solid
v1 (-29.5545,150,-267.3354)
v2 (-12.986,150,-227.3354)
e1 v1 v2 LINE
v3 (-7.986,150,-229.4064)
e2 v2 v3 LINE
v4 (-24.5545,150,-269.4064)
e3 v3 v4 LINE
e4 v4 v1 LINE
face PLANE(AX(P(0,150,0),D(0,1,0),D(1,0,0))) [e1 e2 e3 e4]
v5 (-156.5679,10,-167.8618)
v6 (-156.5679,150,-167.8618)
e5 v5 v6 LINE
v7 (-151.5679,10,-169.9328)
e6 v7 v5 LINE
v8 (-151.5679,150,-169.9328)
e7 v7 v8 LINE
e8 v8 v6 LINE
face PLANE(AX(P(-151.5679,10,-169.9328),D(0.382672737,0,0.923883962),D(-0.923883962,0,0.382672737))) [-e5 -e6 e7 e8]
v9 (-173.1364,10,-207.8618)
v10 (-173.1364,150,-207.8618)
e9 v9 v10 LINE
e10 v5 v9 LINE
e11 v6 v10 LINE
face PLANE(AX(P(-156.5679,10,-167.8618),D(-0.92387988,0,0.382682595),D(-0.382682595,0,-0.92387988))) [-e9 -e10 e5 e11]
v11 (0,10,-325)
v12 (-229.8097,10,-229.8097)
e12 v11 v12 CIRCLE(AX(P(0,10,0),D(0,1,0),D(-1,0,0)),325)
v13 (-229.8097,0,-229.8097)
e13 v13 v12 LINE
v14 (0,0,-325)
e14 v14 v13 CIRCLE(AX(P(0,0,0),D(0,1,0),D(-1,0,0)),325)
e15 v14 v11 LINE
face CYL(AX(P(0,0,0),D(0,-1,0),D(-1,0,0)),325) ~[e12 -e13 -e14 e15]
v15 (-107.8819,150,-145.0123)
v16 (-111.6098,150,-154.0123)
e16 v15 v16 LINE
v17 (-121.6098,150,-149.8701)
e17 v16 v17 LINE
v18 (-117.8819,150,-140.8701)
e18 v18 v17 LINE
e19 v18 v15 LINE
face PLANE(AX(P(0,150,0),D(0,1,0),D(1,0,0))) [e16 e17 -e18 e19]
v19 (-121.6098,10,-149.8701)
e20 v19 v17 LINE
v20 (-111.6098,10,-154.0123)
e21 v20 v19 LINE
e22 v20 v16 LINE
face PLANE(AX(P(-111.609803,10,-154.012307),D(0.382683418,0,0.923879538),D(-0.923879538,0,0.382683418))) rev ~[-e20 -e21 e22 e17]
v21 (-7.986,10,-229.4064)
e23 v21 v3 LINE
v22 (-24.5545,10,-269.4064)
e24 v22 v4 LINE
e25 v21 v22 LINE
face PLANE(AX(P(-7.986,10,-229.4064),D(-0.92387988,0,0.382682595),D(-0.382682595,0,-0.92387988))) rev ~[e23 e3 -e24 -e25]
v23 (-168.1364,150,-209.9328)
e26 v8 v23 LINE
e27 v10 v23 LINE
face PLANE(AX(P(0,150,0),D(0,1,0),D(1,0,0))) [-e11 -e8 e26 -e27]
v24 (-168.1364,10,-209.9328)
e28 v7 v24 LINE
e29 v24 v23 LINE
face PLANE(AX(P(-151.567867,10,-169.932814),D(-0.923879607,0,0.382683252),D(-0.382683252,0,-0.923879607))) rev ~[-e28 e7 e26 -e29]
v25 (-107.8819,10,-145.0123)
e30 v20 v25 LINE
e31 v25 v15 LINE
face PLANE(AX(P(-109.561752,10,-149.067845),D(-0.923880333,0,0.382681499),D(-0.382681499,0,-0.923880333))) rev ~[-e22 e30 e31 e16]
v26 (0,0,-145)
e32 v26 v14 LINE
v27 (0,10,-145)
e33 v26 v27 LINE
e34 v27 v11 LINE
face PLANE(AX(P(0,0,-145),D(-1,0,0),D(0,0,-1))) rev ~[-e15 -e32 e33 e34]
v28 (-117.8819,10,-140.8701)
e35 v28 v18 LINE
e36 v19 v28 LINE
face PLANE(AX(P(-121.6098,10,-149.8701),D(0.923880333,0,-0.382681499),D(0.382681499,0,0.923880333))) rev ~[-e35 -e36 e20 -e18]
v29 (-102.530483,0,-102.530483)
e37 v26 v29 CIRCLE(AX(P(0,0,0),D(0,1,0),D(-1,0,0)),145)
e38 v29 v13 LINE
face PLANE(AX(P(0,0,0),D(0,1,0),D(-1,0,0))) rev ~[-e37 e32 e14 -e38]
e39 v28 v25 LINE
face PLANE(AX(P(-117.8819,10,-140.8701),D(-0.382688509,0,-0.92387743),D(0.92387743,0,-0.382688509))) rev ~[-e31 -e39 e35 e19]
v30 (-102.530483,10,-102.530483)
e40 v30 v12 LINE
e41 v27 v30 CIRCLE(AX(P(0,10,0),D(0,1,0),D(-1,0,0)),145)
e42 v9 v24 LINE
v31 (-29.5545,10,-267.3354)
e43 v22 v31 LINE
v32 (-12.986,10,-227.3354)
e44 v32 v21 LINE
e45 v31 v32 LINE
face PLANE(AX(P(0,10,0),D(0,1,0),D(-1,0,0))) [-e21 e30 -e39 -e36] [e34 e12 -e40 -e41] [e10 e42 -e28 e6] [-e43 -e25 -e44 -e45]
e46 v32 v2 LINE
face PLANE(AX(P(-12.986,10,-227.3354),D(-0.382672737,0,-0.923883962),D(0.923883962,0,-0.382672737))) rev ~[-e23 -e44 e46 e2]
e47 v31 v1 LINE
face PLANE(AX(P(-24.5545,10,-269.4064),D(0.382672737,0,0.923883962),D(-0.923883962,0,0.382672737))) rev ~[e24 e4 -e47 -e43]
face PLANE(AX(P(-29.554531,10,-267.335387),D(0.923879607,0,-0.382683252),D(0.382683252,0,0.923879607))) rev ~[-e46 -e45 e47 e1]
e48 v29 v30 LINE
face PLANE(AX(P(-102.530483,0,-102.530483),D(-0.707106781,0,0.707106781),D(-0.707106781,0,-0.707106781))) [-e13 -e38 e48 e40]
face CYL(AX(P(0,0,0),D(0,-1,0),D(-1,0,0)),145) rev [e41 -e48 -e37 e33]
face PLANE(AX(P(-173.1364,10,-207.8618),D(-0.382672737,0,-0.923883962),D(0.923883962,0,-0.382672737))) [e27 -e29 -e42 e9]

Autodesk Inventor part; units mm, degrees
ref_plane "YZ Plane" through (0, 0, 0) normal (1, 0, 0) x (0, 1, 0)
ref_plane "XZ Plane" through (0, 0, 0) normal (0, 1, 0) x (-1, 0, 0)
ref_plane "XY Plane" through (0, 0, 0) normal (0, 0, 1) x (1, 0, 0)
sketch "Sketch1" plane through (0, 0, 0) normal (0, 1, 0) x (-1, 0, 0)
  circle A0 centre (0, 0) radius 145
  circle A1 centre (0, 0) radius 325
  line L0 (0, 0) -> (325, 0)
  line L1 (0, 0) -> (0, -325)
  line L2 (0, 0) -> (229.8097, -229.8097)
  line L3 (229.8097, -229.8097) -> (0, -145) construction
  line L4 (1.3869, -199.3328) -> (139.9689, -141.9303)
  line L5 (139.9689, -141.9303) -> (178.2372, -234.3183)
  line L6 (178.2372, -234.3183) -> (39.6553, -291.7208)
  line L7 (39.6553, -291.7208) -> (1.3869, -199.3328)
  line L8 (102.5305, -102.5305) -> (0, -325) construction
  circle A2 centre (0, 0) radius 306.4883 construction
  line L9 (178.2372, -234.3183) -> (1.3869, -199.3328) construction
  line L10 (139.9689, -141.9303) -> (39.6553, -291.7208) construction
  line L11 (89.8121, -216.8255) -> (108.9463, -263.0195) construction
  line L12 (0, 0) -> (124.3721, -300.2608) construction
  line L13 (199.3328, -1.3869) -> (291.7208, -39.6553)
  line L14 (141.9303, -139.9689) -> (199.3328, -1.3869)
  line L15 (234.3183, -178.2372) -> (141.9303, -139.9689)
  line L16 (291.7208, -39.6553) -> (234.3183, -178.2372)
  line L17 (141.9303, 139.9689) -> (234.3183, 178.2372)
  line L18 (199.3328, 1.3869) -> (141.9303, 139.9689)
  line L19 (291.7208, 39.6553) -> (199.3328, 1.3869)
  line L20 (234.3183, 178.2372) -> (291.7208, 39.6553)
  line L21 (1.3869, 199.3328) -> (39.6553, 291.7208)
  line L22 (139.9689, 141.9303) -> (1.3869, 199.3328)
  line L23 (178.2372, 234.3183) -> (139.9689, 141.9303)
  line L24 (39.6553, 291.7208) -> (178.2372, 234.3183)
  line L25 (-139.9689, 141.9303) -> (-178.2372, 234.3183)
  line L26 (-1.3869, 199.3328) -> (-139.9689, 141.9303)
  line L27 (-39.6553, 291.7208) -> (-1.3869, 199.3328)
  line L28 (-178.2372, 234.3183) -> (-39.6553, 291.7208)
  line L29 (-199.3328, 1.3869) -> (-291.7208, 39.6553)
  line L30 (-141.9303, 139.9689) -> (-199.3328, 1.3869)
  line L31 (-234.3183, 178.2372) -> (-141.9303, 139.9689)
  line L32 (-291.7208, 39.6553) -> (-234.3183, 178.2372)
  line L33 (-141.9303, -139.9689) -> (-234.3183, -178.2372)
  line L34 (-199.3328, -1.3869) -> (-141.9303, -139.9689)
  line L35 (-291.7208, -39.6553) -> (-199.3328, -1.3869)
  line L36 (-234.3183, -178.2372) -> (-291.7208, -39.6553)
  line L37 (-1.3869, -199.3328) -> (-39.6553, -291.7208)
  line L38 (-139.9689, -141.9303) -> (-1.3869, -199.3328)
  line L39 (-178.2372, -234.3183) -> (-139.9689, -141.9303)
  line L40 (-39.6553, -291.7208) -> (-178.2372, -234.3183)
  circle A3 centre (0, 0) radius 235 construction
  point P0 (263.0195, -108.9463)
  point P1 (263.0195, 108.9463)
  point P2 (108.9463, 263.0195)
  point P3 (-108.9463, 263.0195)
  point P4 (-263.0195, 108.9463)
  point P5 (-263.0195, -108.9463)
  point P6 (-108.9463, -263.0195)
  dimension "d1" = 180
  dimension "d3" = 45
  dimension "d4" = 650
  dimension "d11" = 150
  dimension "d12" = 100
  dimension "d13" = 22.5
  dimension "d16" = 360
  dimension "d18" = 90
extrude "Extrusion1" add sketch "Sketch1" along normal blind 10 contours A0 L2 A1 L1 | L4 L5 L6 L7
sketch "Sketch2" plane through (0, 10, 0) normal (0, 1, 0) x (1, 0, 0)
  circle A0 centre (0, 0) radius 325
  circle A1 centre (0, 0) radius 145
  line L0 (0, 0) -> (-325, 0)
  line L1 (0, 145) -> (0, 325) projected
  line L2 (0, 0) -> (0, 325)
  arc A2 (0, 325) -> (-229.8097, 229.8097) centre (0, 0) ccw projected
  line L3 (0, 0) -> (-229.8097, 229.8097)
  circle A3 centre (0, 0) radius 235 construction
  line L4 (0, 0) -> (-124.3721, 300.2608) construction
  line L5 (-1.5055, 199.619) -> (-140.0874, 142.2165)
  line L6 (-140.0874, 142.2165) -> (-178.3557, 234.6044)
  line L7 (-178.3557, 234.6044) -> (-39.7738, 292.0069)
  line L8 (-39.7738, 292.0069) -> (-1.5055, 199.619)
  line L9 (-1.5055, 199.619) -> (-178.3557, 234.6044) construction
  line L10 (-140.0874, 142.2165) -> (-39.7738, 292.0069) construction
  circle A4 centre (0, 0) radius 185
  line L11 (-199.619, 1.5055) -> (-292.0069, 39.7738)
  line L12 (-142.2165, 140.0874) -> (-199.619, 1.5055)
  line L13 (-234.6044, 178.3557) -> (-142.2165, 140.0874)
  line L14 (-292.0069, 39.7738) -> (-234.6044, 178.3557)
  line L15 (-199.619, 1.5055) -> (-234.6044, 178.3557) construction
  line L16 (-142.2165, 140.0874) -> (-292.0069, 39.7738) construction
  line L17 (-142.2165, -140.0874) -> (-234.6044, -178.3557)
  line L18 (-199.619, -1.5055) -> (-142.2165, -140.0874)
  line L19 (-292.0069, -39.7738) -> (-199.619, -1.5055)
  line L20 (-234.6044, -178.3557) -> (-292.0069, -39.7738)
  line L21 (-142.2165, -140.0874) -> (-292.0069, -39.7738) construction
  line L22 (-199.619, -1.5055) -> (-234.6044, -178.3557) construction
  line L23 (-1.5055, -199.619) -> (-39.7738, -292.0069)
  line L24 (-140.0874, -142.2165) -> (-1.5055, -199.619)
  line L25 (-178.3557, -234.6044) -> (-140.0874, -142.2165)
  line L26 (-39.7738, -292.0069) -> (-178.3557, -234.6044)
  line L27 (-1.5055, -199.619) -> (-178.3557, -234.6044) construction
  line L28 (-140.0874, -142.2165) -> (-39.7738, -292.0069) construction
  line L29 (140.0874, -142.2165) -> (178.3557, -234.6044)
  line L30 (1.5055, -199.619) -> (140.0874, -142.2165)
  line L31 (39.7738, -292.0069) -> (1.5055, -199.619)
  line L32 (178.3557, -234.6044) -> (39.7738, -292.0069)
  line L33 (140.0874, -142.2165) -> (39.7738, -292.0069) construction
  line L34 (1.5055, -199.619) -> (178.3557, -234.6044) construction
  line L35 (199.619, -1.5055) -> (292.0069, -39.7738)
  line L36 (142.2165, -140.0874) -> (199.619, -1.5055)
  line L37 (234.6044, -178.3557) -> (142.2165, -140.0874)
  line L38 (292.0069, -39.7738) -> (234.6044, -178.3557)
  line L39 (199.619, -1.5055) -> (234.6044, -178.3557) construction
  line L40 (142.2165, -140.0874) -> (292.0069, -39.7738) construction
  line L41 (142.2165, 140.0874) -> (234.6044, 178.3557)
  line L42 (199.619, 1.5055) -> (142.2165, 140.0874)
  line L43 (292.0069, 39.7738) -> (199.619, 1.5055)
  line L44 (234.6044, 178.3557) -> (292.0069, 39.7738)
  line L45 (142.2165, 140.0874) -> (292.0069, 39.7738) construction
  line L46 (199.619, 1.5055) -> (234.6044, 178.3557) construction
  line L47 (1.5055, 199.619) -> (39.7738, 292.0069)
  line L48 (140.0874, 142.2165) -> (1.5055, 199.619)
  line L49 (178.3557, 234.6044) -> (140.0874, 142.2165)
  line L50 (39.7738, 292.0069) -> (178.3557, 234.6044)
  line L51 (1.5055, 199.619) -> (178.3557, 234.6044) construction
  line L52 (140.0874, 142.2165) -> (39.7738, 292.0069) construction
  line L53 (-151.5679, 169.9328) -> (-156.5679, 167.8618)
  line L54 (-156.5679, 167.8618) -> (-173.1364, 207.8618)
  line L55 (-173.1364, 207.8618) -> (-168.1364, 209.9328)
  line L56 (-168.1364, 209.9328) -> (-151.5679, 169.9328)
  line L57 (-151.5679, 169.9328) -> (-173.1364, 207.8618) construction
  line L58 (-156.5679, 167.8618) -> (-168.1364, 209.9328) construction
  line L59 (-12.986, 227.3354) -> (-7.986, 229.4064)
  line L60 (-7.986, 229.4064) -> (-24.5545, 269.4064)
  line L61 (-24.5545, 269.4064) -> (-29.5545, 267.3354)
  line L62 (-12.986, 227.3354) -> (-24.5545, 269.4064) construction
  line L63 (-7.986, 229.4064) -> (-29.5545, 267.3354) construction
  line L64 (-111.6098, 154.0123) -> (-121.6098, 149.8701)
  line L65 (-121.6098, 149.8701) -> (-117.8819, 140.8701)
  line L66 (-117.8819, 140.8701) -> (-107.8819, 145.0123)
  line L67 (-107.8819, 145.0123) -> (-111.6098, 154.0123)
  line L68 (-111.6098, 154.0123) -> (-117.8819, 140.8701) construction
  line L69 (-121.6098, 149.8701) -> (-107.8819, 145.0123) construction
  point P0 (-89.9306, 217.1117)
  point P1 (-217.1117, 89.9306)
  point P2 (-217.1117, -89.9306)
  point P3 (-89.9306, -217.1117)
  point P4 (89.9306, -217.1117)
  point P5 (217.1117, -89.9306)
  point P6 (217.1117, 89.9306)
  point P7 (89.9306, 217.1117)
  point P8 (-68.8241, 166.1562)
  point P9 (-29.5545, 267.3354)
  point P10 (-12.986, 227.3354)
  point P11 (-151.5679, 169.9328)
  dimension "d22" = 180
  dimension "d23" = 650
  dimension "d24" = 90
  dimension "d25" = 100
  dimension "d26" = 150
  dimension "d27" = 40
  dimension "d30" = 360
  dimension "d32" = 40
  dimension "d33" = 5
  dimension "d34" = 9
  dimension "d35" = 10
  dimension "d39" = 30
  dimension "d40" = 20
extrude "Extrusion2" add sketch "Sketch2" along normal blind 140 contours L65 L5 L67 A4 | A4 L67 L66 L65 | L8 L61 L60 L59 | L53 L54 L55 L6
properties part number "Carousel Container Plate"
